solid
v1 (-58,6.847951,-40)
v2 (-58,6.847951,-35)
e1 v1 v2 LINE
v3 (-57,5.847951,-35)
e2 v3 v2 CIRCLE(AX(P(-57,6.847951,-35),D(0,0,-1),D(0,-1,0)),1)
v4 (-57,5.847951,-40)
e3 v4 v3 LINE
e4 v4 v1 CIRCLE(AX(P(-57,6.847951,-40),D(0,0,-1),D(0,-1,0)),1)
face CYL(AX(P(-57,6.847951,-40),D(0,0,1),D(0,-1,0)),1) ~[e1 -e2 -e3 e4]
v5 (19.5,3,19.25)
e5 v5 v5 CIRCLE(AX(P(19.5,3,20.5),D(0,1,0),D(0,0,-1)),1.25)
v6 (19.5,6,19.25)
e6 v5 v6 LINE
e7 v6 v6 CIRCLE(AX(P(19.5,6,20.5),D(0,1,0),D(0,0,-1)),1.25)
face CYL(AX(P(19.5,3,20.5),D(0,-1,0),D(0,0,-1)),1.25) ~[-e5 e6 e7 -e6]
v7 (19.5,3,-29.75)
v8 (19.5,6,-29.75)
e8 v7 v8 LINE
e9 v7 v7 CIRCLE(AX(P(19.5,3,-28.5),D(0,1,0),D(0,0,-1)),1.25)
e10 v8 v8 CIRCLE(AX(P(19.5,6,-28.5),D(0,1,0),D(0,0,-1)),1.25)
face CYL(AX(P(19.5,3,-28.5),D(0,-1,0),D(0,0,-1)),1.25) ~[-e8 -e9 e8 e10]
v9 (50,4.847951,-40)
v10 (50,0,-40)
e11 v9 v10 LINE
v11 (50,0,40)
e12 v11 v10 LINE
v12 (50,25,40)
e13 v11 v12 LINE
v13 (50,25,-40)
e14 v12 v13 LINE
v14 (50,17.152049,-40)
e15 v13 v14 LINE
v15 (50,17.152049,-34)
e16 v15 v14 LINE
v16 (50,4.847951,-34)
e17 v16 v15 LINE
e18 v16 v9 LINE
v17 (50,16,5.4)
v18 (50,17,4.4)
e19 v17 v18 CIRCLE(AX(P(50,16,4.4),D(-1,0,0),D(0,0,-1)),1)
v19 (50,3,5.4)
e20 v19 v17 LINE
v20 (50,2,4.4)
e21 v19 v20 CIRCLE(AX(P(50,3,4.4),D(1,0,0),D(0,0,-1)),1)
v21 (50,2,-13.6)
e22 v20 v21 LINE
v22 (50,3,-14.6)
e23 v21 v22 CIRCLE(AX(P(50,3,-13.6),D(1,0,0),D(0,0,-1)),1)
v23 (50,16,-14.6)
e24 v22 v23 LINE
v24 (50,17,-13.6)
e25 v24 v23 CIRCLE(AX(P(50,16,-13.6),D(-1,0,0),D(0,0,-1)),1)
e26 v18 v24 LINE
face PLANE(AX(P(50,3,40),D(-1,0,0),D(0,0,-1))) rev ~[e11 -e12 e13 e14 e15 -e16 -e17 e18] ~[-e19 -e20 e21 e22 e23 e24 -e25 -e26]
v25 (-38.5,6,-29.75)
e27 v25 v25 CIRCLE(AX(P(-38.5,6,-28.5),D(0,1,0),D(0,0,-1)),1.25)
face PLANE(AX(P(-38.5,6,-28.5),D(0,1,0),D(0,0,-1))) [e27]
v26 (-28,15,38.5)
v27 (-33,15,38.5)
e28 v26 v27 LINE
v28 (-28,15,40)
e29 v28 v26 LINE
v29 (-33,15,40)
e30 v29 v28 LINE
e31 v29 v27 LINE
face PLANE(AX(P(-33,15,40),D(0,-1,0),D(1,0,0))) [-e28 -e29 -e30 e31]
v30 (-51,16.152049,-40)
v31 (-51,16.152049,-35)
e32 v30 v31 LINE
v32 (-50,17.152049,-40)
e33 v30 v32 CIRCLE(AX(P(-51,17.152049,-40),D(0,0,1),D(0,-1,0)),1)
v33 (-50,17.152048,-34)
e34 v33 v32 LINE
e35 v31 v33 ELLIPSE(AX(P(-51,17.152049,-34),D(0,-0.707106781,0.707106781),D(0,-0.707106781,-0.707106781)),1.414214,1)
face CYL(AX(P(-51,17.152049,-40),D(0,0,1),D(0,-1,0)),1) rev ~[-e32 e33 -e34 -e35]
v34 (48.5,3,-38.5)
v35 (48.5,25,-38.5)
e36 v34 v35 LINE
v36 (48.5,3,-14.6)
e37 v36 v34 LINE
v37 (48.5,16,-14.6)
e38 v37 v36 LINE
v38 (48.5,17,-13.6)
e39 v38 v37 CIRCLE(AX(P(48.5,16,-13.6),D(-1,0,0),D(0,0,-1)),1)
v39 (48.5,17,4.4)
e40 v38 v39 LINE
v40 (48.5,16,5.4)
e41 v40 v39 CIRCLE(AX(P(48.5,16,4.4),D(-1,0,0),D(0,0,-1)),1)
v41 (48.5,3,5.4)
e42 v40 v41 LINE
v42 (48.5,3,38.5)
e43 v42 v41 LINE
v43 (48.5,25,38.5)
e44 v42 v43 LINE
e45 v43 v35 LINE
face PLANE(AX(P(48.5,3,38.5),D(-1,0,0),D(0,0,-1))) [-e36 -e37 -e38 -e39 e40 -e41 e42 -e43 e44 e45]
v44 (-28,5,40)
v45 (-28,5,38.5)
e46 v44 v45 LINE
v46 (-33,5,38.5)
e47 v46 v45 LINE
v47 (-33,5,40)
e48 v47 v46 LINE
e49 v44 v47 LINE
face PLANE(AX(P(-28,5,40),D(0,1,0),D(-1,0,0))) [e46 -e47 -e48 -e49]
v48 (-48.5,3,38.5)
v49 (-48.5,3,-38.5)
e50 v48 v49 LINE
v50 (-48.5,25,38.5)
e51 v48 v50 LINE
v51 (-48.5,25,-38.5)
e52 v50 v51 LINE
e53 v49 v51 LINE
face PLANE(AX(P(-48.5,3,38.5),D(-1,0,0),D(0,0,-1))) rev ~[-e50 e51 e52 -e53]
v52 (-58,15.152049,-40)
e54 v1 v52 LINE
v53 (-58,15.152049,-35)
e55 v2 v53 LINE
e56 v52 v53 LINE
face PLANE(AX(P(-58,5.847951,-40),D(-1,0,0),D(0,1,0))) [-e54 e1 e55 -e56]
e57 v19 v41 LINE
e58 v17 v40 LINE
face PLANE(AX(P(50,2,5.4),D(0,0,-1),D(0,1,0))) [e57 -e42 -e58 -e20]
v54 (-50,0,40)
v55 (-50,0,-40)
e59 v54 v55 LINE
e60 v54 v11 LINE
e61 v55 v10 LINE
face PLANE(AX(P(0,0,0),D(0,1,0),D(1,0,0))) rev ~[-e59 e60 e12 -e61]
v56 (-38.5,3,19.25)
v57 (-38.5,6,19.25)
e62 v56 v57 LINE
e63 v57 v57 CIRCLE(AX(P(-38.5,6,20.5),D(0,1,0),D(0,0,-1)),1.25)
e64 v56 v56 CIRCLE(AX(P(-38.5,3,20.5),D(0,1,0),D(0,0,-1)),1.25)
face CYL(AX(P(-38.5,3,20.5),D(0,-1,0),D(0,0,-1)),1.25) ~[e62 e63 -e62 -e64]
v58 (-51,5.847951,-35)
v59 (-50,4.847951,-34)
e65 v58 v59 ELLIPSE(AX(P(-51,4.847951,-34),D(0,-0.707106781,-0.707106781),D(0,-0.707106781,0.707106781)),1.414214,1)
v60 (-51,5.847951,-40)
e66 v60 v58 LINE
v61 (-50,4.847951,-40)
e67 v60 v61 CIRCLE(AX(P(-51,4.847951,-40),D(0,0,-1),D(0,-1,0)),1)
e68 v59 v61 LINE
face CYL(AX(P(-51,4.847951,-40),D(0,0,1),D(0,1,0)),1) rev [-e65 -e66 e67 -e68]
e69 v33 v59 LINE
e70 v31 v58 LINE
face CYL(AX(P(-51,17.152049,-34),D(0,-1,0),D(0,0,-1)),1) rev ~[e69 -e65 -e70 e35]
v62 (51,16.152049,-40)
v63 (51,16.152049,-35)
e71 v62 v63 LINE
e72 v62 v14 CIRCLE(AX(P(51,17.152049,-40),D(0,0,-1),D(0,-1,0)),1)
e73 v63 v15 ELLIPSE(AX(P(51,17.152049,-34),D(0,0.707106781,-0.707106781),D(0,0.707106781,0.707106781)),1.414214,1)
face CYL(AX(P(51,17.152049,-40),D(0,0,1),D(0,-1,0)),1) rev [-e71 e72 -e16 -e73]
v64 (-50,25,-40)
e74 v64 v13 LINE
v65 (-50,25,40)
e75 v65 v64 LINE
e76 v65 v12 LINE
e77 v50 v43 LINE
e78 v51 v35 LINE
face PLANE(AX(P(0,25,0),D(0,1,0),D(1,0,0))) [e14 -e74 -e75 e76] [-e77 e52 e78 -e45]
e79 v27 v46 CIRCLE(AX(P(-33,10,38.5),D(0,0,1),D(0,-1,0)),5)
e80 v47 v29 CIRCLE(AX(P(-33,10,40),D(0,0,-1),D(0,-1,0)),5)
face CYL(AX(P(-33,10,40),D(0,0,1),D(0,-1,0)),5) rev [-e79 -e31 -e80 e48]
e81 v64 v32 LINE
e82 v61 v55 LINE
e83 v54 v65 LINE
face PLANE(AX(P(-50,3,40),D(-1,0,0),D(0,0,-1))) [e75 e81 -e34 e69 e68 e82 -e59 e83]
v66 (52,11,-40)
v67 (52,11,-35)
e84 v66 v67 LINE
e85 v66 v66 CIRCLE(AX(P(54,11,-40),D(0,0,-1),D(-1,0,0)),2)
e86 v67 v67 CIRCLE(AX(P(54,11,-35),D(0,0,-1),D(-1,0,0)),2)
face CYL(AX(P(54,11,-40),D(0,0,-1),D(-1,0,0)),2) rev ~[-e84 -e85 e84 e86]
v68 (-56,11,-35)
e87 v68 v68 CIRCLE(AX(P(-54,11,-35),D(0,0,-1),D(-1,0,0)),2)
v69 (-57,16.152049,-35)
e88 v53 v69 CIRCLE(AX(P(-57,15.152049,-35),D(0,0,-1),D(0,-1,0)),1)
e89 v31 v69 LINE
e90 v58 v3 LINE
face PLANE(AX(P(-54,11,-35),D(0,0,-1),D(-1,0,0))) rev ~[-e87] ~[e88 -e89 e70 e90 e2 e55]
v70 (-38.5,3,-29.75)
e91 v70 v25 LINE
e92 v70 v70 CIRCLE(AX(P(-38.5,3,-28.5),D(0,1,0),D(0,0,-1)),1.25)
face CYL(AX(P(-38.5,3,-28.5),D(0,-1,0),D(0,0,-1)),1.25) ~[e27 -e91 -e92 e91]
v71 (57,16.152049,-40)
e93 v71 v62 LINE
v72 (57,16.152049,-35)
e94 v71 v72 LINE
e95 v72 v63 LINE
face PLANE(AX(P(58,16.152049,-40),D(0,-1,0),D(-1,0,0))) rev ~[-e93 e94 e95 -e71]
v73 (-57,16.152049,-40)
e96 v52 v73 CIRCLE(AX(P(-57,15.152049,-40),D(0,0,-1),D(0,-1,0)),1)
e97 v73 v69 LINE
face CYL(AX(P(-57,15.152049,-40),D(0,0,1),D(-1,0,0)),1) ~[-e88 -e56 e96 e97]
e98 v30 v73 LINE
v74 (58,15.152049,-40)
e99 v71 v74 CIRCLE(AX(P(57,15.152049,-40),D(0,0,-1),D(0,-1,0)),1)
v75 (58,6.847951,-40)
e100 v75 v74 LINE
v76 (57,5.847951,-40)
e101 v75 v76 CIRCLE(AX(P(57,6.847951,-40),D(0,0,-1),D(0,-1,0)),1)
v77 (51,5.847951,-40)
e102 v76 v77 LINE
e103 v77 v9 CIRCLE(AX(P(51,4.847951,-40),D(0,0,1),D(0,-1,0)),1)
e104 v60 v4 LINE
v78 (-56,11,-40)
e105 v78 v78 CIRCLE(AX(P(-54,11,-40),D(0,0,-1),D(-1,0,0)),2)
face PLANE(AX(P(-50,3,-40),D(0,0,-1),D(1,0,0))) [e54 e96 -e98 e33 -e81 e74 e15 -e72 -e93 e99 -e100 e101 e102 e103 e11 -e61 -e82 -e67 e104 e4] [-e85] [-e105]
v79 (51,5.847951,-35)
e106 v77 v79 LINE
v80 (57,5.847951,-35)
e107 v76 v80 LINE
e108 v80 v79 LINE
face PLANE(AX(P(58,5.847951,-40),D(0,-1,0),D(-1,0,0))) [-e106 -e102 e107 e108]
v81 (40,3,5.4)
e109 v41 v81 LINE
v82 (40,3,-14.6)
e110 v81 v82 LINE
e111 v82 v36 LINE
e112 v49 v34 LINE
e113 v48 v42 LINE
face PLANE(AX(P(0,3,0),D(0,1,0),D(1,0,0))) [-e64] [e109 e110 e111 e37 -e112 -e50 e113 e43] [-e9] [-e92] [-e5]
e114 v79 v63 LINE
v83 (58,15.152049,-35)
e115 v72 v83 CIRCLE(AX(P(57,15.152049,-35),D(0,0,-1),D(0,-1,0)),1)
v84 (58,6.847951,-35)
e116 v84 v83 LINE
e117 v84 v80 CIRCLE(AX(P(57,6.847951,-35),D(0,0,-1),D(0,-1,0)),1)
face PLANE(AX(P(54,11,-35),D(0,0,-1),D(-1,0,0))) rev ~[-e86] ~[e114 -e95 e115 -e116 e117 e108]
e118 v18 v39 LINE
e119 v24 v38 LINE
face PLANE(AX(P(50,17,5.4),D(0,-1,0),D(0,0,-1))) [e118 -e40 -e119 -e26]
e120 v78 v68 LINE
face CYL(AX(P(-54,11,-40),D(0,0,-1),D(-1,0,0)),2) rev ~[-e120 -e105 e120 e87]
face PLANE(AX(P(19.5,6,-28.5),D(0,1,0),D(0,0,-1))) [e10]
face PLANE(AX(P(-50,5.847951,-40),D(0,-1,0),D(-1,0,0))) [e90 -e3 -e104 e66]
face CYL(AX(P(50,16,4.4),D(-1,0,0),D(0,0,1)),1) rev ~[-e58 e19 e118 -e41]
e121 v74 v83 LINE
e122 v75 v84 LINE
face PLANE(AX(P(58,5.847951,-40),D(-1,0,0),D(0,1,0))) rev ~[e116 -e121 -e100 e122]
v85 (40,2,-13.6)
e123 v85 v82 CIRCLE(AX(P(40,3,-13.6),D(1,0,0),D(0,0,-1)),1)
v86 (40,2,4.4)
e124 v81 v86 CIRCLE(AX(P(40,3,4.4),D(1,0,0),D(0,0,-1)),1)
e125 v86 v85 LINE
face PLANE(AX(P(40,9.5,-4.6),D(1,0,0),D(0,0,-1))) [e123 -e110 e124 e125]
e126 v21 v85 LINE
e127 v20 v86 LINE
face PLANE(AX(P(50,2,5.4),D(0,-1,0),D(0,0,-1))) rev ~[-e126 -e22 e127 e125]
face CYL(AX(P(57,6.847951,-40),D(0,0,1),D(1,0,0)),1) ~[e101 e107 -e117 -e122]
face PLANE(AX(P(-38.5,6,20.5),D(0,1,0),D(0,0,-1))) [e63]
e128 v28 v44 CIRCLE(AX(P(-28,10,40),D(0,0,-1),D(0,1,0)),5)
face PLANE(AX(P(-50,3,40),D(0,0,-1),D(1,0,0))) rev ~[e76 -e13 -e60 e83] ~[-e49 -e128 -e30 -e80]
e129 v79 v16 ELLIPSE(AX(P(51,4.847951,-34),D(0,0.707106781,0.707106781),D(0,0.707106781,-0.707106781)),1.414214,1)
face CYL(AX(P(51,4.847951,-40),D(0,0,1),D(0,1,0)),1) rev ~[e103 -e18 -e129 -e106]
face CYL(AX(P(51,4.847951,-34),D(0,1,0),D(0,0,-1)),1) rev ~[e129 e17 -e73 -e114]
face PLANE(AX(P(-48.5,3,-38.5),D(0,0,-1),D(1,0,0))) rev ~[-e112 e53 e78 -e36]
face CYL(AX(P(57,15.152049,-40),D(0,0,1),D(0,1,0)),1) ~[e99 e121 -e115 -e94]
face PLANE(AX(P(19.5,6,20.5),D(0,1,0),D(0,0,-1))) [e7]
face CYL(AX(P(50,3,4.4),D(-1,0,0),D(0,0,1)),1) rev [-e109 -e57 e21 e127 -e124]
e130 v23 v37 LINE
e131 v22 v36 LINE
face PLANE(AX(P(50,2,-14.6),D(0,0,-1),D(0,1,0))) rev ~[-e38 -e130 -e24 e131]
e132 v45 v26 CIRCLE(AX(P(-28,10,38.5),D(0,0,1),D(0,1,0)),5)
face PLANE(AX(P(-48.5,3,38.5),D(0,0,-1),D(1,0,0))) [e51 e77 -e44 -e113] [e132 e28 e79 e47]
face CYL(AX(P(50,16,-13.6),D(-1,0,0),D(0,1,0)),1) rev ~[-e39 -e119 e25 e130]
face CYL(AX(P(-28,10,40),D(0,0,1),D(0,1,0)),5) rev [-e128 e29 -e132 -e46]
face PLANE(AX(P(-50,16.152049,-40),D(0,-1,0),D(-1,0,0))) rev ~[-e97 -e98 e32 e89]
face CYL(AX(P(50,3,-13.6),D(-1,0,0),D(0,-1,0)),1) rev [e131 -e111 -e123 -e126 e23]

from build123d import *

# Parameters (mm, degrees)
SKETCH1_W           = 100
SKETCH1_H           = 80
BOSS_EXTRUDE1_DEPTH = 3
SKETCH2_W           = 100
SKETCH2_H           = 80
SKETCH2_W_2         = 97
SKETCH2_H_2         = 77
BOSS_EXTRUDE2_DEPTH = 22
SKETCH3_R           = 1.25
BOSS_EXTRUDE3_DEPTH = 3
CUT_EXTRUDE1_DEPTH  = 3
SKETCH5_W           = 8
SKETCH5_H           = 10.304098564
SKETCH5_R           = 2
BOSS_EXTRUDE4_DEPTH = 5
FILLET8_R           = 1
FILLET9_R           = 1
FILLET10_R          = 1
FILLET11_R          = 1
FILLET12_R          = 1
FILLET13_R          = 1
FILLET14_R          = 1
FILLET15_R          = 1
FILLET16_R          = 1
FILLET17_R          = 1
SKETCH6_W           = 20
SKETCH6_H           = 15
CUT_EXTRUDE2_DEPTH  = 10
FILLET18_R          = 1
FILLET19_R          = 1
FILLET20_R          = 1
FILLET22_R          = 1


with BuildPart() as part:
    # Sketch1 → Boss-Extrude1 (new body)
    with BuildSketch(Plane(origin=(0, 0, 0), x_dir=(1, 0, 0), z_dir=(0, 1, 0))):
        Rectangle(SKETCH1_W, SKETCH1_H)
    extrude(amount=BOSS_EXTRUDE1_DEPTH)

    # Sketch2 → Boss-Extrude2 (add)
    with BuildSketch(Plane(origin=(0, 3, 0), x_dir=(1, 0, 0), z_dir=(0, 1, 0))):
        Rectangle(SKETCH2_W, SKETCH2_H)
        Rectangle(SKETCH2_W_2, SKETCH2_H_2, mode=Mode.SUBTRACT)
    extrude(amount=BOSS_EXTRUDE2_DEPTH)

    # Sketch3 → Boss-Extrude3 (add)
    with BuildSketch(Plane(origin=(0, 3, 0), x_dir=(1, 0, 0), z_dir=(0, 1, 0))):
        with Locations(Location((-38.5, 28.5, 0), (0, 0, 90))):
            Circle(SKETCH3_R)
        with Locations(Location((-38.5, -20.5, 0), (0, 0, 90))):
            Circle(SKETCH3_R)
        with Locations(Location((19.5, 28.5, 0), (0, 0, 90))):
            Circle(SKETCH3_R)
        with Locations(Location((19.5, -20.5, 0), (0, 0, 90))):
            Circle(SKETCH3_R)
    extrude(amount=BOSS_EXTRUDE3_DEPTH)

    # Sketch4 → Cut-Extrude1 (cut)
    with BuildSketch(Plane.XY.offset(40)):
        with BuildLine():
            Line((-33, 15), (-28, 15))
            ThreePointArc((-28, 15), (-23, 10), (-28, 5))
            Line((-28, 5), (-33, 5))
            ThreePointArc((-33, 5), (-38, 10), (-33, 15))
        make_face()
    extrude(amount=-CUT_EXTRUDE1_DEPTH, mode=Mode.SUBTRACT)

    # Sketch5 → Boss-Extrude4 (add)
    # profile 1 of 2: a face of its own
    with BuildSketch(Plane(origin=(0, 0, -40), x_dir=(-1, 0, 0), z_dir=(0, 0, -1))):
        with Locations((54, 11)):
            Rectangle(SKETCH5_W, SKETCH5_H)
        with Locations((54, 11)):
            Circle(SKETCH5_R, mode=Mode.SUBTRACT)
    # profile 2 of 2: a face of its own
    with BuildSketch(Plane(origin=(0, 0, -40), x_dir=(-1, 0, 0), z_dir=(0, 0, -1))):
        with Locations((-54, 11)):
            Rectangle(SKETCH5_W, SKETCH5_H)
        with Locations((-54, 11)):
            Circle(SKETCH5_R, mode=Mode.SUBTRACT)
    extrude(amount=-BOSS_EXTRUDE4_DEPTH)

    # Fillet8
    fillet8_edges = [part.edges().sort_by_distance(p)[0] for p in [
        (58, 16.152049282, -37.5),
    ]]
    fillet(fillet8_edges, radius=FILLET8_R)

    # Fillet9
    fillet9_edges = [part.edges().sort_by_distance(p)[0] for p in [
        (58, 5.847950718, -37.5),
    ]]
    fillet(fillet9_edges, radius=FILLET9_R)

    # Fillet10
    fillet10_edges = [part.edges().sort_by_distance(p)[0] for p in [
        (50, 5.847950718, -37.5),
    ]]
    fillet(fillet10_edges, radius=FILLET10_R)

    # Fillet11
    fillet11_edges = [part.edges().sort_by_distance(p)[0] for p in [
        (50, 16.152049282, -37.5),
    ]]
    fillet(fillet11_edges, radius=FILLET11_R)

    # Fillet12
    fillet12_edges = [part.edges().sort_by_distance(p)[0] for p in [
        (50, 11, -35),
    ]]
    fillet(fillet12_edges, radius=FILLET12_R)

    # Fillet13
    fillet13_edges = [part.edges().sort_by_distance(p)[0] for p in [
        (-58, 5.847950718, -37.5),
    ]]
    fillet(fillet13_edges, radius=FILLET13_R)

    # Fillet14
    fillet14_edges = [part.edges().sort_by_distance(p)[0] for p in [
        (-58, 16.152049282, -37.5),
    ]]
    fillet(fillet14_edges, radius=FILLET14_R)

    # Fillet15
    fillet15_edges = [part.edges().sort_by_distance(p)[0] for p in [
        (-50, 5.847950718, -37.5),
    ]]
    fillet(fillet15_edges, radius=FILLET15_R)

    # Fillet16
    fillet16_edges = [part.edges().sort_by_distance(p)[0] for p in [
        (-50, 16.152049282, -37.5),
    ]]
    fillet(fillet16_edges, radius=FILLET16_R)

    # Fillet17
    fillet17_edges = [part.edges().sort_by_distance(p)[0] for p in [
        (-50, 11, -35),
    ]]
    fillet(fillet17_edges, radius=FILLET17_R)

    # Sketch6 → Cut-Extrude2 (cut)
    with BuildSketch(Plane(origin=(50, 0, 0), x_dir=(0, 0, -1), z_dir=(1, 0, 0))):
        with Locations((4.6, 9.5)):
            Rectangle(SKETCH6_W, SKETCH6_H)
    extrude(amount=-CUT_EXTRUDE2_DEPTH, mode=Mode.SUBTRACT)

    # Fillet18
    fillet18_edges = [part.edges().sort_by_distance(p)[0] for p in [
        (45, 2, 5.4),
    ]]
    fillet(fillet18_edges, radius=FILLET18_R)

    # Fillet19
    fillet19_edges = [part.edges().sort_by_distance(p)[0] for p in [
        (45, 2, -14.6),
    ]]
    fillet(fillet19_edges, radius=FILLET19_R)

    # Fillet20
    fillet20_edges = [part.edges().sort_by_distance(p)[0] for p in [
        (49.25, 17, 5.4),
    ]]
    fillet(fillet20_edges, radius=FILLET20_R)

    # Fillet22
    fillet22_edges = [part.edges().sort_by_distance(p)[0] for p in [
        (49.25, 17, -14.6),
    ]]
    fillet(fillet22_edges, radius=FILLET22_R)


solid = part.part
